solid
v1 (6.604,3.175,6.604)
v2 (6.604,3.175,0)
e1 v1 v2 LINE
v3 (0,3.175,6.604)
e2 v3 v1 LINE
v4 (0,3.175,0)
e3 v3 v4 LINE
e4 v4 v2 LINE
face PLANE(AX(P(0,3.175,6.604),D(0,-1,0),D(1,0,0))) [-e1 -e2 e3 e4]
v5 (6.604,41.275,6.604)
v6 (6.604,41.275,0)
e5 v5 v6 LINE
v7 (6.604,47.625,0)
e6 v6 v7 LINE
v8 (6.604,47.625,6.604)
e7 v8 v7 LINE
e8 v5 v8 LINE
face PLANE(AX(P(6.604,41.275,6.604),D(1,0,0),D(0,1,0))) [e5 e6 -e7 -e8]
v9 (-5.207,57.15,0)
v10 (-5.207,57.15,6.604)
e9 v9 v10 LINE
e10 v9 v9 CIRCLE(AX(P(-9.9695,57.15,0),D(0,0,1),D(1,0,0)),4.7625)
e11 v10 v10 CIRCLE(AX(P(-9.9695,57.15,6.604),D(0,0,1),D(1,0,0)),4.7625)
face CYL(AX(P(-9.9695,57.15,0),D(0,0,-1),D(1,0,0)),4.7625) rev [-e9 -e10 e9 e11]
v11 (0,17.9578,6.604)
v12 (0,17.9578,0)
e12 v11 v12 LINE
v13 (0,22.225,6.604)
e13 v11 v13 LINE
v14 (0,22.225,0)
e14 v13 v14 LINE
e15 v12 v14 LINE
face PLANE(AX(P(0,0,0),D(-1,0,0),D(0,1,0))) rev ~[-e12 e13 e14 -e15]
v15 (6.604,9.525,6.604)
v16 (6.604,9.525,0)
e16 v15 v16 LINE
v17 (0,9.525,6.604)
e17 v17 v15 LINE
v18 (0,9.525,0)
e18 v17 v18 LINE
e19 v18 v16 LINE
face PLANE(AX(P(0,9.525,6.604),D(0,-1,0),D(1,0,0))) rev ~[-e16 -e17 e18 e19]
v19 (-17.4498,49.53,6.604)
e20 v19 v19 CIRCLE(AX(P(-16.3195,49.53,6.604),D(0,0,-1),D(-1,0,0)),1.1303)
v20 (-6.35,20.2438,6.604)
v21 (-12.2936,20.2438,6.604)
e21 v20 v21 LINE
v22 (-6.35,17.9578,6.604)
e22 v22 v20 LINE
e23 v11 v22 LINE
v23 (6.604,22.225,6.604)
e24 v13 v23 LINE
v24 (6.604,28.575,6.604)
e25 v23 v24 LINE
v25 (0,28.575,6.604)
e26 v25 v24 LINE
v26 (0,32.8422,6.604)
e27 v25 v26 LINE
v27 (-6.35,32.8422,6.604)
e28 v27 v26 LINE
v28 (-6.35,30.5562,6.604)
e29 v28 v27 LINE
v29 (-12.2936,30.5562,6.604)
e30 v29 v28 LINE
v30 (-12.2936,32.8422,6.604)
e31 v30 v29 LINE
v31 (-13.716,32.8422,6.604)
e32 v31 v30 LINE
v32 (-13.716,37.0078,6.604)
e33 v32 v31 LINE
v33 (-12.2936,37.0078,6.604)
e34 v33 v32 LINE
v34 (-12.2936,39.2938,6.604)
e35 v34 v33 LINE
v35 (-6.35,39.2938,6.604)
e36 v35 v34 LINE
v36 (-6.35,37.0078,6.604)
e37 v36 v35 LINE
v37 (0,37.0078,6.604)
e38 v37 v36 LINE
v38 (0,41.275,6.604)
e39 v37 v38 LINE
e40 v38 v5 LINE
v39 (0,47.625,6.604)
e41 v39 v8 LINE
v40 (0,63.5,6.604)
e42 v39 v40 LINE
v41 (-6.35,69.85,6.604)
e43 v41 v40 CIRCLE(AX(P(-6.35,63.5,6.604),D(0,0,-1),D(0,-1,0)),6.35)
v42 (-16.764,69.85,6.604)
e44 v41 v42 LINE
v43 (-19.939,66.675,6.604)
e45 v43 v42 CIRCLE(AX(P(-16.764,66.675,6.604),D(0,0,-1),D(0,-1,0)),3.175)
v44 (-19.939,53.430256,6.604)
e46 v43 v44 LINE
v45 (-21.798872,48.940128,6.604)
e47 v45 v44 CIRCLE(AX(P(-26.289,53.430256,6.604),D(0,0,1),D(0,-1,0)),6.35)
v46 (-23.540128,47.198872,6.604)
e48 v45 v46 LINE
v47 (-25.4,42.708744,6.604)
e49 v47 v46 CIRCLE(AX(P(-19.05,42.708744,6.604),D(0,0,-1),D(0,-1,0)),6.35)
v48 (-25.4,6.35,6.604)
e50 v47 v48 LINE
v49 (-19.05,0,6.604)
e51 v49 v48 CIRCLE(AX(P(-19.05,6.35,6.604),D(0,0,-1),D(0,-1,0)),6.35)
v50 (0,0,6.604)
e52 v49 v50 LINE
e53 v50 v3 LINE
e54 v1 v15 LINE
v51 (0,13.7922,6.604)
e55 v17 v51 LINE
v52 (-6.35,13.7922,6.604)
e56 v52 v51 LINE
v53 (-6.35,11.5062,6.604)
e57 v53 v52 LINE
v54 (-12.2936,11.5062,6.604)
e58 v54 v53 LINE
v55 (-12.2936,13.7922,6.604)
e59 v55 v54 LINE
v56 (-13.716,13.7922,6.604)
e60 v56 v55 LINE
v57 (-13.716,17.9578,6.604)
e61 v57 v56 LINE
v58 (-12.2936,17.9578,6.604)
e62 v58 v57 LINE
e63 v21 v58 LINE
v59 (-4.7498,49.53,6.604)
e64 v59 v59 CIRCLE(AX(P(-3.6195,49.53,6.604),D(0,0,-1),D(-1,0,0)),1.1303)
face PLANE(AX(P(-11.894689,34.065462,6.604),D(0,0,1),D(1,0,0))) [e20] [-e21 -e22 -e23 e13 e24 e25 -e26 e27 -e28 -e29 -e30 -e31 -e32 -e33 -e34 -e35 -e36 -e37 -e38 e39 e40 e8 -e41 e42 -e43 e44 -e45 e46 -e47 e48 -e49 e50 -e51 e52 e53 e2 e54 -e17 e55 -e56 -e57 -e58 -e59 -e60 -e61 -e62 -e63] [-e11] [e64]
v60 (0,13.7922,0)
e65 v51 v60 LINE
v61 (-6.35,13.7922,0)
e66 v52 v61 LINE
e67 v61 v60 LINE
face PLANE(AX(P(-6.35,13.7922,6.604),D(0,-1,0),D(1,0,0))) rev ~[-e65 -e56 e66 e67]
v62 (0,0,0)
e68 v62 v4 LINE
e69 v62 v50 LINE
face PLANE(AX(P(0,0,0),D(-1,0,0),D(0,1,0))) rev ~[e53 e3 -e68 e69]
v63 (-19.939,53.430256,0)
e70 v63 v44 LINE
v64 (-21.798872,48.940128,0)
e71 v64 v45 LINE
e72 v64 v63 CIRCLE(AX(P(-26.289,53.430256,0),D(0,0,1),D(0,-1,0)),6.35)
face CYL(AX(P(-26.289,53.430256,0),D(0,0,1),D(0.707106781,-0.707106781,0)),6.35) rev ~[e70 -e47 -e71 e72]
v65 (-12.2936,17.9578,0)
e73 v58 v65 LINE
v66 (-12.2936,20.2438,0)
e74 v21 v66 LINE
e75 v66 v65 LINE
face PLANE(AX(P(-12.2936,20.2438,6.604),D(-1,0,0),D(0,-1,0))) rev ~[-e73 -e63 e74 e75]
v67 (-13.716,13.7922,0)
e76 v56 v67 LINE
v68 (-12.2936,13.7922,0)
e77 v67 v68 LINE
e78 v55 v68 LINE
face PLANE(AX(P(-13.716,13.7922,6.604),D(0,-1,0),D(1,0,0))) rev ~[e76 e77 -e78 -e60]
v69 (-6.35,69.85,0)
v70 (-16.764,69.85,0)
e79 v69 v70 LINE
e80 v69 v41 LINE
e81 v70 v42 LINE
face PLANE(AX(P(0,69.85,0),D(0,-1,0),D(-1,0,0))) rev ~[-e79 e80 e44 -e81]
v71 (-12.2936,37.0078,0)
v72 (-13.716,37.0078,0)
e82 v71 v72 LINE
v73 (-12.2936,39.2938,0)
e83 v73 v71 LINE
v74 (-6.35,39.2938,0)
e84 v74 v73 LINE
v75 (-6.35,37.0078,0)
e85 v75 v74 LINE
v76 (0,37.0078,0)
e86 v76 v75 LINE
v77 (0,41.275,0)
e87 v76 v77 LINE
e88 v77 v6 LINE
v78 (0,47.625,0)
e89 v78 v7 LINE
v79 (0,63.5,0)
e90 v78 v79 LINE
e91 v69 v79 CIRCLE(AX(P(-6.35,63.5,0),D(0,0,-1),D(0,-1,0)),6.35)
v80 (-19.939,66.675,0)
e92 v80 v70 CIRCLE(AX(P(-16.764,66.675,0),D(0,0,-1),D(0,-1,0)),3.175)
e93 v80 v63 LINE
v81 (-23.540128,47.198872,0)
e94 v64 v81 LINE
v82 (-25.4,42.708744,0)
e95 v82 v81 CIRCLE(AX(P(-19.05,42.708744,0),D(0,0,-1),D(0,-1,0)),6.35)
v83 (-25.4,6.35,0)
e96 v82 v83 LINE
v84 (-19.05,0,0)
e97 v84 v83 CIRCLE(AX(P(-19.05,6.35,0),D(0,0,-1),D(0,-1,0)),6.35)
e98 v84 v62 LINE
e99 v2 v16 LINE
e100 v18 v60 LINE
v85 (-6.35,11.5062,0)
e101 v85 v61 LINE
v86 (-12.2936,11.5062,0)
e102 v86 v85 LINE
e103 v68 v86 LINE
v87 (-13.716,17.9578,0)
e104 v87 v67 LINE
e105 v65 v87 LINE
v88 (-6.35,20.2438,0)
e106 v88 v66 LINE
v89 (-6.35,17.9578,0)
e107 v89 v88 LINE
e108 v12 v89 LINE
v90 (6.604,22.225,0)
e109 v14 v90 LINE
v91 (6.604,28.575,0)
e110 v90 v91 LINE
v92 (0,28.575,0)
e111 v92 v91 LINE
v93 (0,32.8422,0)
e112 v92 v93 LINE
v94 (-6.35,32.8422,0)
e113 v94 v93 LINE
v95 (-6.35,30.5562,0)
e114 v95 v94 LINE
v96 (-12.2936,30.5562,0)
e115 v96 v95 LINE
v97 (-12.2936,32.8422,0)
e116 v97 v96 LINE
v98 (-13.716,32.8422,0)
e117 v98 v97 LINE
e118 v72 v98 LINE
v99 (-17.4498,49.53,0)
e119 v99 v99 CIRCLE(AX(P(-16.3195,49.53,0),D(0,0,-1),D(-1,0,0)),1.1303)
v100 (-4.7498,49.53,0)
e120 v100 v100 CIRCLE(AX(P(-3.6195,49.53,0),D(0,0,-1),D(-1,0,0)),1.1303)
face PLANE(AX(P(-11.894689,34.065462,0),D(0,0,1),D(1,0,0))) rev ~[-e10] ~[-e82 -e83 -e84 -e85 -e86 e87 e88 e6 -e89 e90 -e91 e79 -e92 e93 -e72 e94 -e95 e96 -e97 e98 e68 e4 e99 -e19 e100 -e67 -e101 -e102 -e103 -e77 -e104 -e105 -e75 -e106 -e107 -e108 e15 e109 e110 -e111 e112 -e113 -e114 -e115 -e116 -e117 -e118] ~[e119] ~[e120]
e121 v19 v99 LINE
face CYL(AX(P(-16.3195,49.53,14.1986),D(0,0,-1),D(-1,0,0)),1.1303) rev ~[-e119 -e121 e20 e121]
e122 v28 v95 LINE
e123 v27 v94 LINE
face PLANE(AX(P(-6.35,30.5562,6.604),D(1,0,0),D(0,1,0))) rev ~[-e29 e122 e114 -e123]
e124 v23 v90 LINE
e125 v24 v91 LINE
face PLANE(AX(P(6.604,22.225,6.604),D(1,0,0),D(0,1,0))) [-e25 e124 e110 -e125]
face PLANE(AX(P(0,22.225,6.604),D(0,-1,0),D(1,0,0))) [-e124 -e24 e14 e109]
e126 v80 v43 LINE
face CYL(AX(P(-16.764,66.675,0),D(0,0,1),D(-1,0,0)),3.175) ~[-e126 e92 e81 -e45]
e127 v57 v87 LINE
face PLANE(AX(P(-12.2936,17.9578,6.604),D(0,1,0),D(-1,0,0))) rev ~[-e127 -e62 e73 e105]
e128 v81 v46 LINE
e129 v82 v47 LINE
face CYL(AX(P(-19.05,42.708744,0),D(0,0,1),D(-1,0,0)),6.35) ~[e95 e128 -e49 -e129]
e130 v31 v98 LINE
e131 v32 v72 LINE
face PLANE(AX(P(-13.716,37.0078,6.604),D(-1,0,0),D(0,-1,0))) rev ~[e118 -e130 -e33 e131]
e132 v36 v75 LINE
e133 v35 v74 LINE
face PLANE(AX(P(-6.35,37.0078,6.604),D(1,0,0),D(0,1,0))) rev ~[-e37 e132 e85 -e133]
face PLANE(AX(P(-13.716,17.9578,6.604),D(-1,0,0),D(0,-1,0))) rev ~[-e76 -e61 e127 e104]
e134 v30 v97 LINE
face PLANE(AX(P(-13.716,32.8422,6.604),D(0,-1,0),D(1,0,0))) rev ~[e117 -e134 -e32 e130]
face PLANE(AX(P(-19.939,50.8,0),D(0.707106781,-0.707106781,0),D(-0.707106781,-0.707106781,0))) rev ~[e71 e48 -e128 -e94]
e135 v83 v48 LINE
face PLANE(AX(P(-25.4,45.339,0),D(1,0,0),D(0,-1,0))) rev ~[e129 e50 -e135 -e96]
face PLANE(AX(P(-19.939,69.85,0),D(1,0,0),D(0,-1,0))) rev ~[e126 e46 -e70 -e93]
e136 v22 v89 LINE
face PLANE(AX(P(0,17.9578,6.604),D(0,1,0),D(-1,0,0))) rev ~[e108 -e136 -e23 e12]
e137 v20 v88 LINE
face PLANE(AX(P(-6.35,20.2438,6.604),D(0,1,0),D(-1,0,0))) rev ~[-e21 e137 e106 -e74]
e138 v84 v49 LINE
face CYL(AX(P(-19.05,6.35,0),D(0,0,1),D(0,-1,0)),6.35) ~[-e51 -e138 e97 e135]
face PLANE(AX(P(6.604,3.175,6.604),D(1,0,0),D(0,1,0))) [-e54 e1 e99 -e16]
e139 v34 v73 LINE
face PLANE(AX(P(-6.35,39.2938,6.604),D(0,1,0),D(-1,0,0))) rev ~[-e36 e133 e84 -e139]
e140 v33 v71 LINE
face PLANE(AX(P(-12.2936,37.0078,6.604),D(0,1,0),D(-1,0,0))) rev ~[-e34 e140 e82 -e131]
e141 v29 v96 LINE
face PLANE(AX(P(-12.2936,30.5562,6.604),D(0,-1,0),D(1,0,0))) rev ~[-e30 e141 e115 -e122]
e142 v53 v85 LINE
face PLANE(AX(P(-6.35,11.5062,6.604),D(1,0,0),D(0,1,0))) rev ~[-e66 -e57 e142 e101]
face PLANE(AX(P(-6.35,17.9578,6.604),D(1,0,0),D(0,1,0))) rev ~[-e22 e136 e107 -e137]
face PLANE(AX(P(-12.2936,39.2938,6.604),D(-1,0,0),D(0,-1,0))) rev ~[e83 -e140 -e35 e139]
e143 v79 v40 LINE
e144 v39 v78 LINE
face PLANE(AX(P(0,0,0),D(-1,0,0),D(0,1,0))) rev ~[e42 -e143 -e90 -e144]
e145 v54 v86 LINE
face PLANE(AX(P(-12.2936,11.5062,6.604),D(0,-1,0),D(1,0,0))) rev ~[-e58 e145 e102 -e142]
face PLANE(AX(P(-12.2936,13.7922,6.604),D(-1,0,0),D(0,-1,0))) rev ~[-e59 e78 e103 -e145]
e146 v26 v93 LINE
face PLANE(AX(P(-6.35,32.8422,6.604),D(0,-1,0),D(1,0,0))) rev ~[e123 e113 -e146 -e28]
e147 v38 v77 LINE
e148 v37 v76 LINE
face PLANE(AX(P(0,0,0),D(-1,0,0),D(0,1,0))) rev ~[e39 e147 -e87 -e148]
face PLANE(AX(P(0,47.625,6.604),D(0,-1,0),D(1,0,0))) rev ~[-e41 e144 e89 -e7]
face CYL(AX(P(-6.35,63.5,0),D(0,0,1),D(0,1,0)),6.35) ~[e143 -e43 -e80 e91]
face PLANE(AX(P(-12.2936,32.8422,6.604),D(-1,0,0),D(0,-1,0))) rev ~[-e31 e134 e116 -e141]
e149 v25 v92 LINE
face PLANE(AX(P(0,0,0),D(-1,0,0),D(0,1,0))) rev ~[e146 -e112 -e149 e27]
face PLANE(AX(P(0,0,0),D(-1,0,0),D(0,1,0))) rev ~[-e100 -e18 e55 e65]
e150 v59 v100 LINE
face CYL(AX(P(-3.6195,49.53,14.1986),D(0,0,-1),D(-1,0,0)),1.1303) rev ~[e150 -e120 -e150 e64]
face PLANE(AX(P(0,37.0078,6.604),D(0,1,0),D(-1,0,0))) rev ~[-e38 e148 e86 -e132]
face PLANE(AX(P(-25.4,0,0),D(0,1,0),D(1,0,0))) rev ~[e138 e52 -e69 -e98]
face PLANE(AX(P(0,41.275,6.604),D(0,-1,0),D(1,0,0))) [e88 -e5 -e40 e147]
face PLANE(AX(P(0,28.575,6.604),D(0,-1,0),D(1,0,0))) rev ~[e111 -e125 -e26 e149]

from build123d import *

# Parameters (mm, degrees)
SKETCH1_R                 = 4.7625
BOSS_EXTRUDE1_DEPTH       = 6.604
CUT_EXTRUDE1_DEPTH        = 7.604
SKETCH3_W                 = 6.604
SKETCH3_H                 = 6.35
BOSS_EXTRUDE2_DEPTH       = 6.604
FILLET1_R                 = 6.35
FILLET2_R                 = 3.175
F_4_40_TAPPED_HOLE1_D     = 2.2606
F_4_40_TAPPED_HOLE1_DEPTH = 7.5946
F_4_40_TAPPED_HOLE1_TIP   = 0.679152758


with BuildPart() as part:
    # Sketch1 → Boss-Extrude1 (new body)
    with BuildSketch(Plane.XY):
        Polygon((0, 0), (0, 69.85), (-19.939, 69.85), (-19.939, 50.8), (-25.4, 45.339), (-25.4, 0), align=None)
        with Locations((-9.9695, 57.15)):
            Circle(SKETCH1_R, mode=Mode.SUBTRACT)
    extrude(amount=BOSS_EXTRUDE1_DEPTH)

    # Sketch2 → Cut-Extrude1 (cut, through all)
    with BuildSketch(Plane.XY.offset(6.604)):
        Polygon((-12.2936, 37.0078), (-13.716, 37.0078), (-13.716, 32.8422), (-12.2936, 32.8422), (-12.2936, 30.5562), (-6.35, 30.5562), (-6.35, 32.8422), (0, 32.8422), (0, 37.0078), (-6.35, 37.0078), (-6.35, 39.2938), (-12.2936, 39.2938), align=None)
        Polygon((-12.2936, 20.2438), (-12.2936, 17.9578), (-13.716, 17.9578), (-13.716, 13.7922), (-12.2936, 13.7922), (-12.2936, 11.5062), (-6.35, 11.5062), (-6.35, 13.7922), (0, 13.7922), (0, 17.9578), (-6.35, 17.9578), (-6.35, 20.2438), align=None)
    extrude(amount=-CUT_EXTRUDE1_DEPTH, mode=Mode.SUBTRACT)

    # Sketch3 → Boss-Extrude2 (add)
    with BuildSketch(Plane.XY.offset(6.604)):
        with Locations((3.302, 44.45)):
            Rectangle(SKETCH3_W, SKETCH3_H)
        with Locations((3.302, 25.4)):
            Rectangle(SKETCH3_W, SKETCH3_H)
        with Locations((3.302, 6.35)):
            Rectangle(SKETCH3_W, SKETCH3_H)
    extrude(amount=-BOSS_EXTRUDE2_DEPTH)

    # Fillet1
    fillet1_edges = [part.edges().sort_by_distance(p)[0] for p in [
        (-25.4, 0, 3.302),
        (-25.4, 45.339, 3.302),
        (-19.939, 50.8, 3.302),
        (0, 69.85, 3.302),
    ]]
    fillet(fillet1_edges, radius=FILLET1_R)

    # Fillet2
    fillet2_edges = [part.edges().sort_by_distance(p)[0] for p in [
        (-19.939, 69.85, 3.302),
    ]]
    fillet(fillet2_edges, radius=FILLET2_R)

    # #4-40 Tapped Hole1
    with Locations(Plane.XY.offset(6.604)):
        with Locations((-3.6195, 49.53), (-16.3195, 49.53)):
            Hole(F_4_40_TAPPED_HOLE1_D / 2, depth=F_4_40_TAPPED_HOLE1_DEPTH)
            with Locations((0, 0, -(F_4_40_TAPPED_HOLE1_DEPTH + F_4_40_TAPPED_HOLE1_TIP / 2))):  # 118° drill point
                Cone(0, F_4_40_TAPPED_HOLE1_D / 2, F_4_40_TAPPED_HOLE1_TIP, mode=Mode.SUBTRACT)


solid = part.part
